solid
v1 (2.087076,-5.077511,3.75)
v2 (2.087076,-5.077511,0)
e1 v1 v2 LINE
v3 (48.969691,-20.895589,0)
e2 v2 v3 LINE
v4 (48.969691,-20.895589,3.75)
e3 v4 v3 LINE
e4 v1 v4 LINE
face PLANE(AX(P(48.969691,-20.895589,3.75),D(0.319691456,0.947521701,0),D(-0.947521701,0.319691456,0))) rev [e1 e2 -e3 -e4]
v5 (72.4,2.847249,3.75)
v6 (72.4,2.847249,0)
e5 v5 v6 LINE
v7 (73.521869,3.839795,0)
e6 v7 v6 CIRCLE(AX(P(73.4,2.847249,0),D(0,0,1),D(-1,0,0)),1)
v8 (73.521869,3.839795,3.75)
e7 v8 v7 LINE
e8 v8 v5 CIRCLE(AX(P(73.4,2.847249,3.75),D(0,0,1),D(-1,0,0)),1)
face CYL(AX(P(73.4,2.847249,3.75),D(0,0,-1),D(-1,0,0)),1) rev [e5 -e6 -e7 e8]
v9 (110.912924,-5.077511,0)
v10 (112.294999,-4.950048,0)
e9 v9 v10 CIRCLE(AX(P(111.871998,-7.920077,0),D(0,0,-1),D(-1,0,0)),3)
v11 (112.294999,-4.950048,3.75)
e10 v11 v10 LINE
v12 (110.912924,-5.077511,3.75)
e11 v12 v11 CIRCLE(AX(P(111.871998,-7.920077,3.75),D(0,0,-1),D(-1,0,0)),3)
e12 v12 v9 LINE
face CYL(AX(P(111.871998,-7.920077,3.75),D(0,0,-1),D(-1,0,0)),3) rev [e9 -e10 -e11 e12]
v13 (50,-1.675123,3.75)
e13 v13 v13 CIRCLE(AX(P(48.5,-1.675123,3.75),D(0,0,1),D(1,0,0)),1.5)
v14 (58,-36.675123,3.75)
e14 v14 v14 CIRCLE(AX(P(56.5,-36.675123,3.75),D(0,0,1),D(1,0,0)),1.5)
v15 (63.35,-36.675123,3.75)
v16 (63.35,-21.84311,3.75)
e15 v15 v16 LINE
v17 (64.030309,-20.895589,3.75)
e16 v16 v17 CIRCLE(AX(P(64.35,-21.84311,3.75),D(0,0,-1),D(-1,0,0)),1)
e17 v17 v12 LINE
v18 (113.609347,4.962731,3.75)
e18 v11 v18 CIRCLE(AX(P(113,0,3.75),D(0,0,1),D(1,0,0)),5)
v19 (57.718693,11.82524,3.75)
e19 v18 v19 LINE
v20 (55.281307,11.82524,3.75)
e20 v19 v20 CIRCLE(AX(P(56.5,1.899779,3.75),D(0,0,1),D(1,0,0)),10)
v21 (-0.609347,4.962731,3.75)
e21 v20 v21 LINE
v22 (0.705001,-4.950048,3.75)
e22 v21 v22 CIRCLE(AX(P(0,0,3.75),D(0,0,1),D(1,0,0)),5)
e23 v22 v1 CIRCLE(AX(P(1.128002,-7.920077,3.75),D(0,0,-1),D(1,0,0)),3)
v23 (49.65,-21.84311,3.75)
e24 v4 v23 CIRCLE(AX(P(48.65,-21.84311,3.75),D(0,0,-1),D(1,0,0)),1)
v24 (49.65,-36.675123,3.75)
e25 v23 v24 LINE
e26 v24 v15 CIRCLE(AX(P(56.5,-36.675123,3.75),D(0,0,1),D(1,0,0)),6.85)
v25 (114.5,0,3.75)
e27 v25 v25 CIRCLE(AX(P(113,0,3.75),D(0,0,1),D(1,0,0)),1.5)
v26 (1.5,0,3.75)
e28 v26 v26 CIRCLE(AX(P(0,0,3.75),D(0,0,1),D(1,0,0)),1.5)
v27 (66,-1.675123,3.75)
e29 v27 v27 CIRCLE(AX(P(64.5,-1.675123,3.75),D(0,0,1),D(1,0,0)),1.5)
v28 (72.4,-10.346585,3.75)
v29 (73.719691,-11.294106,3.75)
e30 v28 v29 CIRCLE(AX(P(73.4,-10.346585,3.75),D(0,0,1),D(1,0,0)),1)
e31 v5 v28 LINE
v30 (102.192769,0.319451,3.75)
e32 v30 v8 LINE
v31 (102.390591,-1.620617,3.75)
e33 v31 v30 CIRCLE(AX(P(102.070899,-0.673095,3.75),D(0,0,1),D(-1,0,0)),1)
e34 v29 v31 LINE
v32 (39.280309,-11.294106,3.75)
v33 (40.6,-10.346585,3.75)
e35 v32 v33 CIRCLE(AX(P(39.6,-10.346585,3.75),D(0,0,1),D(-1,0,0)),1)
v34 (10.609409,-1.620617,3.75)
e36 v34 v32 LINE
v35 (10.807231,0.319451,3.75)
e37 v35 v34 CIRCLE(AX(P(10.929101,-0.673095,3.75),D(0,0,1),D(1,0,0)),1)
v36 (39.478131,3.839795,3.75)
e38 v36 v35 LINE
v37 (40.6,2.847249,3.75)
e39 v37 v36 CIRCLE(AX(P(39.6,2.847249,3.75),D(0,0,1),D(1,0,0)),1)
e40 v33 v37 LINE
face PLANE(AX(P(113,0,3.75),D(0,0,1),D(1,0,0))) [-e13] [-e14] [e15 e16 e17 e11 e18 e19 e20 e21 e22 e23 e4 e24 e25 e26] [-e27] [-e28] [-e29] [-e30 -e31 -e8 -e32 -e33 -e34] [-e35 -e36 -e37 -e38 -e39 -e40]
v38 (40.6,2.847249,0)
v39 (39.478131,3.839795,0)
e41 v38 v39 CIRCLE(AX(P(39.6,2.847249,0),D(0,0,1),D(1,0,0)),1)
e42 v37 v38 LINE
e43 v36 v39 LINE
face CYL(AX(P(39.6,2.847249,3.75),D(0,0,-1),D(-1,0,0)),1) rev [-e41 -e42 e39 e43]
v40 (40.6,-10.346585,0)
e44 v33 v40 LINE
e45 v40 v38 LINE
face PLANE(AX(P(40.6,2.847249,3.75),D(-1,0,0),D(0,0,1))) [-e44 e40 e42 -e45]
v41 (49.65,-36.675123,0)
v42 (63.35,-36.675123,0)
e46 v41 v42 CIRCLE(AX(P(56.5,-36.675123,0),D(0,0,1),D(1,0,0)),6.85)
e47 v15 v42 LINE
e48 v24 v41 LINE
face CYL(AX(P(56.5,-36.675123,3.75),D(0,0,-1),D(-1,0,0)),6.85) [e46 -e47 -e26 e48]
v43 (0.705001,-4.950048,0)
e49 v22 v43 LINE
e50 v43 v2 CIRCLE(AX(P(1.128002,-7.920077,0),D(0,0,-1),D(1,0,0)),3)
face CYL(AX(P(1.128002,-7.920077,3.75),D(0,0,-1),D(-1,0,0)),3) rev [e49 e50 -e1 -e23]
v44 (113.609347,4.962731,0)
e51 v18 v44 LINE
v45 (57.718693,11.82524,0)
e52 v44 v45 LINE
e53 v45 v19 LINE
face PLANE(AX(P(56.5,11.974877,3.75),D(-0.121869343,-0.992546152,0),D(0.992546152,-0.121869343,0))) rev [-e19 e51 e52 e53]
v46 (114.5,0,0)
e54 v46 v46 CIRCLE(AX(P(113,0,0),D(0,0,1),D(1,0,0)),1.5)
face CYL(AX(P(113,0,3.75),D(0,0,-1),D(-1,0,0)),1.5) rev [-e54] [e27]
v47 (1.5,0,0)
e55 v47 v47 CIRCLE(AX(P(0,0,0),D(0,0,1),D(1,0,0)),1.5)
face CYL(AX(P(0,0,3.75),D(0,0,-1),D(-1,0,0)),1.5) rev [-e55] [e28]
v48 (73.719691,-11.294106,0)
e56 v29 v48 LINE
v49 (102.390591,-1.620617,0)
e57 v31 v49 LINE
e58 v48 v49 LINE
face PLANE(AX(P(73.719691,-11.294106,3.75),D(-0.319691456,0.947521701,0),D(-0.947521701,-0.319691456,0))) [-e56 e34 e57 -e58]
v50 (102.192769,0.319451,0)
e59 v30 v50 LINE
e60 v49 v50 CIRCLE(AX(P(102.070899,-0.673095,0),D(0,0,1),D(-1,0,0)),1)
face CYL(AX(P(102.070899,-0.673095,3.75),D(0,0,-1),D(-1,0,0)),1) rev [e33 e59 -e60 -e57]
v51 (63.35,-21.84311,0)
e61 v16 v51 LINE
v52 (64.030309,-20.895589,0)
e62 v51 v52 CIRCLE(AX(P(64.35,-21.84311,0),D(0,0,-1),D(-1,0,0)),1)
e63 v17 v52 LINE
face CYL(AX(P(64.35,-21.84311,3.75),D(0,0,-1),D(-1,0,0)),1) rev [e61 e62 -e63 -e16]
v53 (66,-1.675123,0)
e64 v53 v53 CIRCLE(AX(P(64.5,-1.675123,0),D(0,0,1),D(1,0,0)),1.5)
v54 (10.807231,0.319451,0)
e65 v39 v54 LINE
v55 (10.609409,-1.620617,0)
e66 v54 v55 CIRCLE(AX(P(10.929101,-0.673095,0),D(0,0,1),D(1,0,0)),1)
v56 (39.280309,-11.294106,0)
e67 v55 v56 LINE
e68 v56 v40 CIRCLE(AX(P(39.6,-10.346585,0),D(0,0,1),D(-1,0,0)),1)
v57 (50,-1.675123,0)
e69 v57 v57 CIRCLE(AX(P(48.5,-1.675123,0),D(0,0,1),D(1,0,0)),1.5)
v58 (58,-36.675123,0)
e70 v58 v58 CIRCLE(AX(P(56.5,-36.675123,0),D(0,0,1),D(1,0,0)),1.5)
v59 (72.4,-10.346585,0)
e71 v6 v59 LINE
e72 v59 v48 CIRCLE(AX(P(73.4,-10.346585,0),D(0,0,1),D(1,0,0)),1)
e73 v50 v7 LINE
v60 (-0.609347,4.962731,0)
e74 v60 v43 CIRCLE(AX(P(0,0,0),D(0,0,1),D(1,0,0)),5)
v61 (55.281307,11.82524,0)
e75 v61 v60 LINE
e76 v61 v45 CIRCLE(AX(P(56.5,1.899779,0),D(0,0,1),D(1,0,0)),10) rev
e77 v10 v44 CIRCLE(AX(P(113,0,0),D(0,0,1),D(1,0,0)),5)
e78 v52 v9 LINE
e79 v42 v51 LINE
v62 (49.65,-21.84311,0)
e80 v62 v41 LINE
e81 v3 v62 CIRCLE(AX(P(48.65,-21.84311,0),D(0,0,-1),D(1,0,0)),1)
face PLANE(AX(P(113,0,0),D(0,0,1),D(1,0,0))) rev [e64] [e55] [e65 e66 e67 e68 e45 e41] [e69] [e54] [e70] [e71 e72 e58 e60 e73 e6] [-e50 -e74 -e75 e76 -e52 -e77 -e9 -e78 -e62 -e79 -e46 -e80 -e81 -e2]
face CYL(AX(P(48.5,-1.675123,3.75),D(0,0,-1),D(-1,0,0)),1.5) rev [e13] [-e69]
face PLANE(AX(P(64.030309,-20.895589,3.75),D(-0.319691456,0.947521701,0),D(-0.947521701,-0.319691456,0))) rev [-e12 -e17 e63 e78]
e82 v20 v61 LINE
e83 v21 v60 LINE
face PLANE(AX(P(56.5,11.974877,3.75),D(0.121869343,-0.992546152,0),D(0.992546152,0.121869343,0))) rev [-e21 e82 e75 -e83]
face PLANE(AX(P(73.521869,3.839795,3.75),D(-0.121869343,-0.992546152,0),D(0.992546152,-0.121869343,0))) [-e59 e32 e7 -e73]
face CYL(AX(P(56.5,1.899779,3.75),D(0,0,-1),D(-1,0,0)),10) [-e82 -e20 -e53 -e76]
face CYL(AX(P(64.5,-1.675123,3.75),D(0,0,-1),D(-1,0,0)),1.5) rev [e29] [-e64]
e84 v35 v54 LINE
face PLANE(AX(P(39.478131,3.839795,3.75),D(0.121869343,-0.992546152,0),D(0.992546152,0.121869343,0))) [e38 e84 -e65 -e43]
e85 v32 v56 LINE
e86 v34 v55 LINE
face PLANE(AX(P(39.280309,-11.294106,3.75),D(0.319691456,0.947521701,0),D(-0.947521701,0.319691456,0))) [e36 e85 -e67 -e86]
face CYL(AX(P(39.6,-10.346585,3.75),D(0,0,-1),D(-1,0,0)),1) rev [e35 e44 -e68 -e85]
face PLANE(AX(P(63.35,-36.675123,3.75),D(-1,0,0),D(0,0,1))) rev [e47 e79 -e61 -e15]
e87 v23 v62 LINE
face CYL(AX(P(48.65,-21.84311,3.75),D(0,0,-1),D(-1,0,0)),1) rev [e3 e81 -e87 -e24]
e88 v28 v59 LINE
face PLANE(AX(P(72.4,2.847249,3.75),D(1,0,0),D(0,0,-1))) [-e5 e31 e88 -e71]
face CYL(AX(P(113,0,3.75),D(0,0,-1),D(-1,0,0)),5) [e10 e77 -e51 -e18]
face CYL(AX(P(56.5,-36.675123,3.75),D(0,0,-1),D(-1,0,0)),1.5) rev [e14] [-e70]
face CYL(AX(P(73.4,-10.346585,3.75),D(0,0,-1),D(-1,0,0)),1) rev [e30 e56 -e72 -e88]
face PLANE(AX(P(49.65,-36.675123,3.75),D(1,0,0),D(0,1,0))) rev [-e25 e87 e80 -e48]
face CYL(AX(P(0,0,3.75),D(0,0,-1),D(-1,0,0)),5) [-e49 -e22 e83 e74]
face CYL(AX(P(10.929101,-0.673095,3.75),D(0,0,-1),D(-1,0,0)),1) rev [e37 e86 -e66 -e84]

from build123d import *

# Parameters (mm, degrees)
ESBO_O1_R                = 1.5
RESSALTO_EXTRUS_O1_DEPTH = 3.75
FILETE2_R                = 10


with BuildPart() as part:
    # Esboço1 → Ressalto-extrusão1 (new body)
    with BuildSketch(Plane.XY):
        with BuildLine():
            Line((56.5, 11.974876818), (-0.609346717, 4.962730758))
            ThreePointArc((-0.609346717, 4.962730758), (-4.956620044, -0.657204491), (0.705001075, -4.950047827))
            ThreePointArc((0.705001075, -4.950047827), (1.403511249, -4.932754227), (2.087076087, -5.077511421))
            Line((2.087076087, -5.077511421), (48.969691456, -20.895588778))
            ThreePointArc((48.969691456, -20.895588778), (49.462308887, -21.259883017), (49.65, -21.843110478))
            Line((49.65, -21.843110478), (49.65, -36.675123182))
            ThreePointArc((49.65, -36.675123182), (56.5, -43.525123182), (63.35, -36.675123182))
            Line((63.35, -36.675123182), (63.35, -21.843110478))
            ThreePointArc((63.35, -21.843110478), (63.537691113, -21.259883017), (64.030308544, -20.895588778))
            Line((64.030308544, -20.895588778), (110.912923913, -5.077511421))
            ThreePointArc((110.912923913, -5.077511421), (111.596488751, -4.932754227), (112.294998925, -4.950047827))
            ThreePointArc((112.294998925, -4.950047827), (117.956620044, -0.657204491), (113.609346717, 4.962730758))
            Line((113.609346717, 4.962730758), (56.5, 11.974876818))
        make_face()
        Circle(ESBO_O1_R, mode=Mode.SUBTRACT)
        with Locations((113, 0)):
            Circle(ESBO_O1_R, mode=Mode.SUBTRACT)
        with Locations((48.5, -1.675123182)):
            Circle(ESBO_O1_R, mode=Mode.SUBTRACT)
        with Locations((64.5, -1.675123182)):
            Circle(ESBO_O1_R, mode=Mode.SUBTRACT)
        with Locations((56.5, -36.675123182)):
            Circle(ESBO_O1_R, mode=Mode.SUBTRACT)
        with BuildLine():
            Line((39.280308544, -11.294106381), (10.609409181, -1.620616529))
            ThreePointArc((10.609409181, -1.620616529), (9.93425904, -0.571654218), (10.807231293, 0.319451323))
            Line((10.807231293, 0.319451323), (39.478130657, 3.839795112))
            ThreePointArc((39.478130657, 3.839795112), (40.262620048, 3.596204682), (40.6, 2.847248961))
            Line((40.6, 2.847248961), (40.6, -10.346584681))
            ThreePointArc((40.6, -10.346584681), (40.183227462, -11.158893568), (39.280308544, -11.294106381))
        make_face(mode=Mode.SUBTRACT)
        with BuildLine():
            Line((73.719691456, -11.294106381), (102.390590819, -1.620616529))
            ThreePointArc((102.390590819, -1.620616529), (103.06574096, -0.571654218), (102.192768707, 0.319451323))
            Line((102.192768707, 0.319451323), (73.521869343, 3.839795112))
            ThreePointArc((73.521869343, 3.839795112), (72.737379952, 3.596204682), (72.4, 2.847248961))
            Line((72.4, 2.847248961), (72.4, -10.346584681))
            ThreePointArc((72.4, -10.346584681), (72.816772538, -11.158893568), (73.719691456, -11.294106381))
        make_face(mode=Mode.SUBTRACT)
    extrude(amount=RESSALTO_EXTRUS_O1_DEPTH)

    # Filete2
    filete2_edges = [part.edges().sort_by_distance(p)[0] for p in [
        (56.5, 11.974876818, 1.875),
    ]]
    fillet(filete2_edges, radius=FILETE2_R)


solid = part.part
